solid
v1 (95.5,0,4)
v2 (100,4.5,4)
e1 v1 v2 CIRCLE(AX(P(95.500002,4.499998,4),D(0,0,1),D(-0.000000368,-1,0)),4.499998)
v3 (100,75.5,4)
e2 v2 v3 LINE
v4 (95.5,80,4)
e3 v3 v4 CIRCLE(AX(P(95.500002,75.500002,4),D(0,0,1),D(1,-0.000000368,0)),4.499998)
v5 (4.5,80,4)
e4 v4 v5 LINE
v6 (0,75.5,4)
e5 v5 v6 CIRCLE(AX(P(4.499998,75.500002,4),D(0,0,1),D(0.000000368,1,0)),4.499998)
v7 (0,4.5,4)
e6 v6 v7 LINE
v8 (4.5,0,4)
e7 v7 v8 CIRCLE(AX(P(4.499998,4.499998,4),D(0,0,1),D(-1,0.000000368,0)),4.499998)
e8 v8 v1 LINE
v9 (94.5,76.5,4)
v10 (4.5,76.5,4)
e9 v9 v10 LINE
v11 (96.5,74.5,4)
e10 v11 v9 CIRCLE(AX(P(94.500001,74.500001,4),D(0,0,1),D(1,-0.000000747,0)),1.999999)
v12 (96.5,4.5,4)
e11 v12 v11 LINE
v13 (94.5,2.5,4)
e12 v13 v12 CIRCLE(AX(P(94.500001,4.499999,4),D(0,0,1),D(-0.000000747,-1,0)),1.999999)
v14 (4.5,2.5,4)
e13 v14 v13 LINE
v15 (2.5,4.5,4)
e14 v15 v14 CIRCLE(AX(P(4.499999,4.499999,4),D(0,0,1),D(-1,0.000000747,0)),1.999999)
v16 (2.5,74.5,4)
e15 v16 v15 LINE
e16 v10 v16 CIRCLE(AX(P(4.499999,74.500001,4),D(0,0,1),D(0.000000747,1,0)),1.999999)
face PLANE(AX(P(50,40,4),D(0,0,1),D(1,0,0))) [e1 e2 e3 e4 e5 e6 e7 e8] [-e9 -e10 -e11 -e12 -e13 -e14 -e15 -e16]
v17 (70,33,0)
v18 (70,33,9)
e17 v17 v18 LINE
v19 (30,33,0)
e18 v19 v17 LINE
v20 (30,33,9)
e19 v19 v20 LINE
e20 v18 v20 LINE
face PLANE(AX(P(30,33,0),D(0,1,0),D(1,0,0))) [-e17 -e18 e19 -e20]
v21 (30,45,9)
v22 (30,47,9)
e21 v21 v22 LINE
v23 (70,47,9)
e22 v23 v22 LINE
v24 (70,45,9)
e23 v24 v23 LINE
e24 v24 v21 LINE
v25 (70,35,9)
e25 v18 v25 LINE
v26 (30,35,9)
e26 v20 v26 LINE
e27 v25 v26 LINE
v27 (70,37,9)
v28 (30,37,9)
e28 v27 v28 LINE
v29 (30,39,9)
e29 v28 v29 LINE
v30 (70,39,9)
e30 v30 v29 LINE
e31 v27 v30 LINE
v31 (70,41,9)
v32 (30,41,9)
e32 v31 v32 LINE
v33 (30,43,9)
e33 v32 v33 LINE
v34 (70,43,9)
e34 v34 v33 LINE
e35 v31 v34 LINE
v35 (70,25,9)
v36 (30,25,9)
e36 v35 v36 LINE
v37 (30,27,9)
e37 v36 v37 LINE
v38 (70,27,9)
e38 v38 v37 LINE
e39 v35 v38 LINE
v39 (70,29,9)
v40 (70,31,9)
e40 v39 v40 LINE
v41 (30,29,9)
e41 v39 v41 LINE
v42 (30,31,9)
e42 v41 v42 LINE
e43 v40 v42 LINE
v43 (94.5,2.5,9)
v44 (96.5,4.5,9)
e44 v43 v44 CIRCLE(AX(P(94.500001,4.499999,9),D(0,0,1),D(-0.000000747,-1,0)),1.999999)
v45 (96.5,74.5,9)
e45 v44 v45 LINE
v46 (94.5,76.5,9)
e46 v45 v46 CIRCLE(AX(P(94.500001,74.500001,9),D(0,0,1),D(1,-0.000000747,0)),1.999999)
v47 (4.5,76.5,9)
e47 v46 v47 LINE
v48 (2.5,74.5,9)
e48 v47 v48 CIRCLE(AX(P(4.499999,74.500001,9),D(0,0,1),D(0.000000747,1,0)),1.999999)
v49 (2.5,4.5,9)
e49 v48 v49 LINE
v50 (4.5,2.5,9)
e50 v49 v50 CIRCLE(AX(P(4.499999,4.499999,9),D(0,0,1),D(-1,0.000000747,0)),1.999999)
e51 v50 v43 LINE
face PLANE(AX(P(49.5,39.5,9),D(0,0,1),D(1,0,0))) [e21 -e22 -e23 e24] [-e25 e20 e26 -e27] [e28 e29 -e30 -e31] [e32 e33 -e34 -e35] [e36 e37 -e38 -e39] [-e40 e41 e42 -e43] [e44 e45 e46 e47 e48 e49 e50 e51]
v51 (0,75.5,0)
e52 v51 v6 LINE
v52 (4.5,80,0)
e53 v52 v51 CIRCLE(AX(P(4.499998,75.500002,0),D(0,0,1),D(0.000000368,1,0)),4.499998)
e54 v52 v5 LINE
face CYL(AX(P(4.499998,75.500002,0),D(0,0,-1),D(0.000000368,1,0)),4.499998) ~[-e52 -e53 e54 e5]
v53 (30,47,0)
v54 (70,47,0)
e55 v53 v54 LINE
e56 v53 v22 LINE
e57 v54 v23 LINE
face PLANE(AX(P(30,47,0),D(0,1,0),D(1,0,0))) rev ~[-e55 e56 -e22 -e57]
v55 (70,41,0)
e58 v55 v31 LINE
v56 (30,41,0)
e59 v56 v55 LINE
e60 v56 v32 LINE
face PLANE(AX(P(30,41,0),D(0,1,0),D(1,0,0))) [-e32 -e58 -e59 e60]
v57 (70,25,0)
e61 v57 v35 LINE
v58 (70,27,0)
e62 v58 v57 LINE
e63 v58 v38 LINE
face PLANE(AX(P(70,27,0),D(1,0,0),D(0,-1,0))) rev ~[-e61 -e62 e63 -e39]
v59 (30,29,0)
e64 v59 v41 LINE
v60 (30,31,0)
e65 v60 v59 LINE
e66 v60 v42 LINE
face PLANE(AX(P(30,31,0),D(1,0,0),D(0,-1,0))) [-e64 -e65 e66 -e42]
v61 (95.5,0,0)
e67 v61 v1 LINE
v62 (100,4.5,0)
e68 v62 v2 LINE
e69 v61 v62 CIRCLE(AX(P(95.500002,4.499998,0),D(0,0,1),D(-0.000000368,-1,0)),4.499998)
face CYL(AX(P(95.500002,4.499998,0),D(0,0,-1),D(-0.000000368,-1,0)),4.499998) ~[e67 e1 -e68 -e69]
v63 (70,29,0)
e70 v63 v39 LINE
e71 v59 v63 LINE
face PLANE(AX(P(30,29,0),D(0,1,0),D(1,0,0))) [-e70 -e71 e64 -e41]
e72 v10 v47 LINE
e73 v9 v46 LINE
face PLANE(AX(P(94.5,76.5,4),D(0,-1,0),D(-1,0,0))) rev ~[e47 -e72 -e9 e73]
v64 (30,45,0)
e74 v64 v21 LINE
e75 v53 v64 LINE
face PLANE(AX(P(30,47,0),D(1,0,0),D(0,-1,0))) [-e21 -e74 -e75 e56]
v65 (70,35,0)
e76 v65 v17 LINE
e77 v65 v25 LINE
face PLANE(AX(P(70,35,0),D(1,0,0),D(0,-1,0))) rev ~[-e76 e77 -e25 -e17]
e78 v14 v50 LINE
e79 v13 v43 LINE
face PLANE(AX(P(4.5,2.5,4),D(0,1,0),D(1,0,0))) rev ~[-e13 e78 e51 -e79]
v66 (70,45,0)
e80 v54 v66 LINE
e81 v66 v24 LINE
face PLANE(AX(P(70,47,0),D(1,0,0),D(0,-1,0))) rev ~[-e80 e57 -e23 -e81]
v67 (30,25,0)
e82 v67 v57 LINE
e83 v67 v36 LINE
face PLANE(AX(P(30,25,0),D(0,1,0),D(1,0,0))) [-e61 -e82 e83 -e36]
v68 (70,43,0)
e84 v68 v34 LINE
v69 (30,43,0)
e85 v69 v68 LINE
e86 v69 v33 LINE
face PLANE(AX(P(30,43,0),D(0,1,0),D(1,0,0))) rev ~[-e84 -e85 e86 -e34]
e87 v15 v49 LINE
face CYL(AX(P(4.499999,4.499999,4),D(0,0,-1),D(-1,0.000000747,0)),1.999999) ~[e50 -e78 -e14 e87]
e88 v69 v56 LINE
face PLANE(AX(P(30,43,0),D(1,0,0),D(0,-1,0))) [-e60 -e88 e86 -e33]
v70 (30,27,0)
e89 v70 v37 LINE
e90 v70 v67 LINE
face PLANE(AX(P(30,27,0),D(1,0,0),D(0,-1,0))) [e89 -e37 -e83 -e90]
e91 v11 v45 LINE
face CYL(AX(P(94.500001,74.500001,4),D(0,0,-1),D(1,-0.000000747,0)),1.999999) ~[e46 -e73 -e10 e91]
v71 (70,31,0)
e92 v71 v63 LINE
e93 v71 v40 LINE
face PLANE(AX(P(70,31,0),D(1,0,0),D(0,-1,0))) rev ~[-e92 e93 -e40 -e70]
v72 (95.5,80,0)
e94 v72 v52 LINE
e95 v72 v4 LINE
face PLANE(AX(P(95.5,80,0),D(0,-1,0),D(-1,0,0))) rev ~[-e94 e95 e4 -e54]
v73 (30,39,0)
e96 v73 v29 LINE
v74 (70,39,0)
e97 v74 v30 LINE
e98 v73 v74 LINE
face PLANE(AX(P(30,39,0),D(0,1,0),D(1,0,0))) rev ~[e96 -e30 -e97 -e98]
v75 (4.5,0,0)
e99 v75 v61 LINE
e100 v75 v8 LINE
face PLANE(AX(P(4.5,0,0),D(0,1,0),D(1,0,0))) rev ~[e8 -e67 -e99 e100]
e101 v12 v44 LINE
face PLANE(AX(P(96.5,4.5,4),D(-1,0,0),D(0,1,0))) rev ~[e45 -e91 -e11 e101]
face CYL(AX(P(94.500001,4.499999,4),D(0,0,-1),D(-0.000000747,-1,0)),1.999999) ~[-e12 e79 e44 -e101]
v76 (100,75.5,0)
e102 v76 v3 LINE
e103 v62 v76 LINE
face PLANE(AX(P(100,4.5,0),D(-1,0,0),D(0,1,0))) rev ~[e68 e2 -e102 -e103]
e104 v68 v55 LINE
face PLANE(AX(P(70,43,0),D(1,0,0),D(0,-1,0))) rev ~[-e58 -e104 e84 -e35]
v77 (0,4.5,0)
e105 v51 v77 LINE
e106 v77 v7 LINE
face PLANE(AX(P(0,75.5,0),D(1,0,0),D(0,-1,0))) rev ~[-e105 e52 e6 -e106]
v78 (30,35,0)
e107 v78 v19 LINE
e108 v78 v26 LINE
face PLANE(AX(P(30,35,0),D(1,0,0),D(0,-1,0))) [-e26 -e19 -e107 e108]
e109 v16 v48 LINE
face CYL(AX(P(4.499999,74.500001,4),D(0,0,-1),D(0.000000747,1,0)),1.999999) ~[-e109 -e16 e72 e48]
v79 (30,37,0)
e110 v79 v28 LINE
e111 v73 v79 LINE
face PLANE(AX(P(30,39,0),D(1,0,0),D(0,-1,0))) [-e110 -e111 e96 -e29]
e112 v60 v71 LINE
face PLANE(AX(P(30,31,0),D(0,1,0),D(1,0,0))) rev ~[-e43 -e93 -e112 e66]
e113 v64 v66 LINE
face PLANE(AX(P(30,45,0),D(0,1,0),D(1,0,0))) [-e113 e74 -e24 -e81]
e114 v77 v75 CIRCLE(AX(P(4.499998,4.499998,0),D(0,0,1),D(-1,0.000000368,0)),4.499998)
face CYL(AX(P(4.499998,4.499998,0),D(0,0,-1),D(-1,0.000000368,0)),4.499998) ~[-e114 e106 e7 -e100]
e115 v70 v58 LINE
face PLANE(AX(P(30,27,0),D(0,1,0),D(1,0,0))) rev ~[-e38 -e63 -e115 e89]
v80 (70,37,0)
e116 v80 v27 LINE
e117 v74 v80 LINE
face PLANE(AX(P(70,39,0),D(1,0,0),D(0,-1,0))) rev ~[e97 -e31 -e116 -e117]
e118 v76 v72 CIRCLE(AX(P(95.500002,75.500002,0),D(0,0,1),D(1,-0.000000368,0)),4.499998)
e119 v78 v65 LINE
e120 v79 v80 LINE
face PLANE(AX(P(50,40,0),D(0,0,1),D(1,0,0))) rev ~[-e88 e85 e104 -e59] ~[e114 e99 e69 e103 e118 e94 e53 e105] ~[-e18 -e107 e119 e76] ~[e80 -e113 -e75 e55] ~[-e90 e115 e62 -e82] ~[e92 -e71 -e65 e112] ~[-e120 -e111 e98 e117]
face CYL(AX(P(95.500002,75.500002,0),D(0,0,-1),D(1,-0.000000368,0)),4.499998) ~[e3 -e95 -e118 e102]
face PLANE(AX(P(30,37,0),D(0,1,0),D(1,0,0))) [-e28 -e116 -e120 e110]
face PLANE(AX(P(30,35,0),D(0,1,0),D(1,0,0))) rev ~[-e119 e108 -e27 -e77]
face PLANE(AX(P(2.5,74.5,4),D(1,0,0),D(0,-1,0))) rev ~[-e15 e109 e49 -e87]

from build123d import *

# Parameters (mm, degrees)
PAD_DEPTH    = 4
PAD001_DEPTH = 5
SKETCH002_W  = 40
SKETCH002_H  = 2
POCKET_DEPTH = 20


with BuildPart() as part:
    # Sketch → Pad (new body)
    with BuildSketch(Plane.XY):
        with BuildLine():
            Line((4.5, 0), (95.5, 0))
            ThreePointArc((95.5, 0), (98.681981, 1.318019), (100, 4.5))
            Line((100, 4.5), (100, 75.5))
            ThreePointArc((100, 75.5), (98.681981, 78.681981), (95.5, 80))
            Line((95.5, 80), (4.5, 80))
            ThreePointArc((4.5, 80), (1.318019, 78.681981), (0, 75.5))
            Line((0, 75.5), (0, 4.5))
            ThreePointArc((0, 4.5), (1.318019, 1.318019), (4.5, 0))
        make_face()
    extrude(amount=PAD_DEPTH)

    # Sketch001 (on Face10 of Pad) → Pad001 (join)
    with BuildSketch(Plane.XY.offset(4)):
        with BuildLine():
            Line((2.5, 74.5), (2.5, 4.5))
            ThreePointArc((2.5, 4.5), (3.085786, 3.085786), (4.5, 2.5))
            Line((4.5, 2.5), (94.5, 2.5))
            ThreePointArc((94.5, 2.5), (95.914214, 3.085786), (96.5, 4.5))
            Line((96.5, 4.5), (96.5, 74.5))
            ThreePointArc((96.5, 74.5), (95.914214, 75.914214), (94.5, 76.5))
            Line((94.5, 76.5), (4.5, 76.5))
            ThreePointArc((4.5, 76.5), (3.085786, 75.914214), (2.5, 74.5))
        make_face()
    extrude(amount=PAD001_DEPTH)

    # Sketch002 (on Face4 of Pad001) → Pocket (cut)
    with BuildSketch(Plane(origin=(0, 0, 0), x_dir=(1, 0, 0), z_dir=(0, 0, -1))):
        with Locations((50, -46)):
            Rectangle(SKETCH002_W, SKETCH002_H)
        with Locations((50, -42)):
            Rectangle(SKETCH002_W, SKETCH002_H)
        with Locations((50, -38)):
            Rectangle(SKETCH002_W, SKETCH002_H)
        with Locations((50, -34)):
            Rectangle(SKETCH002_W, SKETCH002_H)
        with Locations((50, -30)):
            Rectangle(SKETCH002_W, SKETCH002_H)
        with Locations((50, -26)):
            Rectangle(SKETCH002_W, SKETCH002_H)
    extrude(amount=-POCKET_DEPTH, mode=Mode.SUBTRACT)


solid = part.part
